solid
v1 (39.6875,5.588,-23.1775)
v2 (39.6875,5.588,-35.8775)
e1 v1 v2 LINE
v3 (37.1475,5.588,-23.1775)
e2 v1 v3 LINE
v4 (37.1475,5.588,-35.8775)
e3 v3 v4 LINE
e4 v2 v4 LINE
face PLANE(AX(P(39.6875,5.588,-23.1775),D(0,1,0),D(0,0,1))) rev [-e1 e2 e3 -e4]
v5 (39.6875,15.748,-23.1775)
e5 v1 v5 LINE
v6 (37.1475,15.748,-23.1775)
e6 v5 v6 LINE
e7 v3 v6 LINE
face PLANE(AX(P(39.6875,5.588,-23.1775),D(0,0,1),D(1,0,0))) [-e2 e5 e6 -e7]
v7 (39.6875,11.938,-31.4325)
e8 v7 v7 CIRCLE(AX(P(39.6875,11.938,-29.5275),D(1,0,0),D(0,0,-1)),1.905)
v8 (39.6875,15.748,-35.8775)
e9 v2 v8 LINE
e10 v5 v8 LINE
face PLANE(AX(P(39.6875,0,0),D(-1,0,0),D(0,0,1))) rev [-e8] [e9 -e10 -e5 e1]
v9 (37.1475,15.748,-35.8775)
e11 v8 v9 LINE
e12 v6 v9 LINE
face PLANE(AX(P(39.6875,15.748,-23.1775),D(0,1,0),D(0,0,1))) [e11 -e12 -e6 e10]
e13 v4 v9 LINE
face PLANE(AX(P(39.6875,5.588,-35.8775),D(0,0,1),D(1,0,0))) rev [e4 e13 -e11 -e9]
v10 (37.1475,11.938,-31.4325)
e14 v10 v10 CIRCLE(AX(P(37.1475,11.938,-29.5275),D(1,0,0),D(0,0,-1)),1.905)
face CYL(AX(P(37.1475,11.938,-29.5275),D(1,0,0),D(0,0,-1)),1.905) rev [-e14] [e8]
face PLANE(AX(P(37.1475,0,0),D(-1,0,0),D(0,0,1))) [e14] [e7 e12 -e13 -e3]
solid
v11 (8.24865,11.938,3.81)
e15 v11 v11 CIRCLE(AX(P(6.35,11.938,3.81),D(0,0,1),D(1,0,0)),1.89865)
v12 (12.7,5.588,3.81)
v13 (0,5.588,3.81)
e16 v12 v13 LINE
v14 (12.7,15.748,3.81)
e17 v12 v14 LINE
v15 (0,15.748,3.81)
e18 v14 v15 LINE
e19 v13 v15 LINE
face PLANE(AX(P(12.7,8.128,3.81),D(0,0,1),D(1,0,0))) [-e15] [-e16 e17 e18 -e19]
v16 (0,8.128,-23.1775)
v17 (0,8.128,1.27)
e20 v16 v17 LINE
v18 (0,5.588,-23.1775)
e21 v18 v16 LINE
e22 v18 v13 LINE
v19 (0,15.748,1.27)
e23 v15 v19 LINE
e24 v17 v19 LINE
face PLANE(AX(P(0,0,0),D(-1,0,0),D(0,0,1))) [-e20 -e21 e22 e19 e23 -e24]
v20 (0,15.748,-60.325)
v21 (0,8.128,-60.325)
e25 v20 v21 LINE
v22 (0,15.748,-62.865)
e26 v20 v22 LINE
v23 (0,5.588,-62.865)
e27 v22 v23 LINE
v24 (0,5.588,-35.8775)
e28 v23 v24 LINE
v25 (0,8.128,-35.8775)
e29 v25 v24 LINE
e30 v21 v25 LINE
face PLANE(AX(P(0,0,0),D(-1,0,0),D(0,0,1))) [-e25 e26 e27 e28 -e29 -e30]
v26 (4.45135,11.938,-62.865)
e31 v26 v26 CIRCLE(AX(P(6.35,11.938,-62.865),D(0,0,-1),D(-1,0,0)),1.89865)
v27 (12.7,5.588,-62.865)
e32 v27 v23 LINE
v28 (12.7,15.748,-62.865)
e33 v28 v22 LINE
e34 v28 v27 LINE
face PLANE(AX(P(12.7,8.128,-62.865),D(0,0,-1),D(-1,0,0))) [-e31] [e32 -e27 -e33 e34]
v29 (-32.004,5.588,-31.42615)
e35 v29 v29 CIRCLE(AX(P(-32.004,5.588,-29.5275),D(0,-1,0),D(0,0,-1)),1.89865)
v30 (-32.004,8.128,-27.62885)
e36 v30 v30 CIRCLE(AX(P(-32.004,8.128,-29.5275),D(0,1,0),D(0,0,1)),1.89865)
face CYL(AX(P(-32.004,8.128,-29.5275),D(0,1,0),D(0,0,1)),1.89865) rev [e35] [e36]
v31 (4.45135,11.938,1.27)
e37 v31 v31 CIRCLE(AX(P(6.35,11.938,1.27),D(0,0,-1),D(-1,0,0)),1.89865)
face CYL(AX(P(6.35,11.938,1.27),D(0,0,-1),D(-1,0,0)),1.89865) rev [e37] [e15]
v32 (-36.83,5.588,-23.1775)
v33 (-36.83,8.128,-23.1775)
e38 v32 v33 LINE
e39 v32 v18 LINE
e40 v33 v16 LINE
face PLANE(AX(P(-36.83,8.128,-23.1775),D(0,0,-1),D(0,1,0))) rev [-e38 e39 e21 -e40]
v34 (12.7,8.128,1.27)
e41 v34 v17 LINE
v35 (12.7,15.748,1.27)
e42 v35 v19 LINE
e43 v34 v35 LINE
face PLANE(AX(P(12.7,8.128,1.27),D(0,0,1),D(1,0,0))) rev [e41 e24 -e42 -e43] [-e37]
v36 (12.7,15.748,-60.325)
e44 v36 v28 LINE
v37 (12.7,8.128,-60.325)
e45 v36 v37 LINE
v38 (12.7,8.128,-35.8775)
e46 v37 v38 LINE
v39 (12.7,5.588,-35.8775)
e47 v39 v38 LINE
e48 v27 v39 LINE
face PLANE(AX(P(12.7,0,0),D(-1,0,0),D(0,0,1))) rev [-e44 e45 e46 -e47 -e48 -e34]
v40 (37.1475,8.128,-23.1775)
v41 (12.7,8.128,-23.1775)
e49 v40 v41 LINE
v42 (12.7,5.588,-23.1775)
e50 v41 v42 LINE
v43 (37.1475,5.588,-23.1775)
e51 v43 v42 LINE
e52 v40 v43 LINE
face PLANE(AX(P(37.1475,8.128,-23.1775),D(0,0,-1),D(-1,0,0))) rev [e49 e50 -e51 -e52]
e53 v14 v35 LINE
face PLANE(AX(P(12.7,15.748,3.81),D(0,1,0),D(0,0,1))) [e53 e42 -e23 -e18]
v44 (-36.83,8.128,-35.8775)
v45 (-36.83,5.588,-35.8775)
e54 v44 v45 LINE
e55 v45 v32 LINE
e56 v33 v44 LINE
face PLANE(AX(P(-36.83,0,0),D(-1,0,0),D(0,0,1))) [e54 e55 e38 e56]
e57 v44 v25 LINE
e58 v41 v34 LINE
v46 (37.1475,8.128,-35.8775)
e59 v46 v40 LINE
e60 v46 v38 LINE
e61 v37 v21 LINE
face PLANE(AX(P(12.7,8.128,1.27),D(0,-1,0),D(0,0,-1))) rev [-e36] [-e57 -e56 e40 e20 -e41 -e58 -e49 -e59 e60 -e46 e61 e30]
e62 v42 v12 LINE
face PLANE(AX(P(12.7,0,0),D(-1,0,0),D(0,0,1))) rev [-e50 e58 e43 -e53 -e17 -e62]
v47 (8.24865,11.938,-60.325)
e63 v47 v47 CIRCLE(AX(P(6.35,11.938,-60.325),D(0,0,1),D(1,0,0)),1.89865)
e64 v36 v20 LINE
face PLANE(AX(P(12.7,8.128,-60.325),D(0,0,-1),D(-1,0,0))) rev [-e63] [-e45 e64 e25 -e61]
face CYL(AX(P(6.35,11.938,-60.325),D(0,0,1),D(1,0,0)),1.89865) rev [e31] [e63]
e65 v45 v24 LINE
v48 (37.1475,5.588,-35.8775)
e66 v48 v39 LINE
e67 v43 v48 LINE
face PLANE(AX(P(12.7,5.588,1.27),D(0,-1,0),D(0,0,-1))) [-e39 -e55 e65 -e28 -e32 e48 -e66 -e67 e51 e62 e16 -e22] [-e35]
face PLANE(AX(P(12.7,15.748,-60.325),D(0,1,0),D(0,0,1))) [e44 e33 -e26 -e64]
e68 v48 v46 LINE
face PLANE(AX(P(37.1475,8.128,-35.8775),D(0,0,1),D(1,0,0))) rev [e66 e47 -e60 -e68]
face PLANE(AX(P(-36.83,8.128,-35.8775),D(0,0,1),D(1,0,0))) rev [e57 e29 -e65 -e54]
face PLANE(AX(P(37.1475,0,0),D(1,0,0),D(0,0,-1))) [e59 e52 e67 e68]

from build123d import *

# Parameters (mm, degrees)
EXTRUDE_THIN1_DEPTH       = 12.7
F_6_CLEARANCE_HOLE1_D     = 3.7973
F_6_CLEARANCE_HOLE1_DEPTH = 7.62
F_6_CLEARANCE_HOLE1_TIP   = 1.140824014
F_6_CLEARANCE_HOLE2_D     = 3.7973
F_6_CLEARANCE_HOLE2_DEPTH = 7.62
F_6_CLEARANCE_HOLE2_TIP   = 1.140824014
SKETCH6_W                 = 12.7
SKETCH6_H                 = 2.54
BOSS_EXTRUDE1_DEPTH       = 24.4475
SKETCH7_W                 = 12.7
SKETCH7_H                 = 10.16
BOSS_EXTRUDE2_DEPTH       = 2.54
SKETCH9_R                 = 1.905
CUT_EXTRUDE1_DEPTH        = 2.54
SKETCH10_W                = 12.7
SKETCH10_H                = 2.54
BOSS_EXTRUDE3_DEPTH       = 36.83
SKETCH12_W                = 1.89865
SKETCH12_H                = 2.54105


with BuildPart() as part:
    # Sketch1 → Extrude-Thin1 (new body)
    with BuildSketch(Plane(origin=(0, 0, 0), x_dir=(0, 0, -1), z_dir=(1, 0, 0))):
        Polygon((-1.27, 15.748), (-1.27, 8.128), (60.325, 8.128), (60.325, 15.748), (62.865, 15.748), (62.865, 5.588), (-3.81, 5.588), (-3.81, 15.748), align=None)
    extrude(amount=EXTRUDE_THIN1_DEPTH)

    # #6 Clearance Hole1
    with Locations(Plane(origin=(0, 0, 1.27), x_dir=(-1, 0, 0), z_dir=(0, 0, -1))):
        with Locations((-6.35, 11.938)):
            Hole(F_6_CLEARANCE_HOLE1_D / 2, depth=F_6_CLEARANCE_HOLE1_DEPTH)
            with Locations((0, 0, -(F_6_CLEARANCE_HOLE1_DEPTH + F_6_CLEARANCE_HOLE1_TIP / 2))):  # 118° drill point
                Cone(0, F_6_CLEARANCE_HOLE1_D / 2, F_6_CLEARANCE_HOLE1_TIP, mode=Mode.SUBTRACT)

    # #6 Clearance Hole2
    with Locations(Plane.XY.offset(-60.325)):
        with Locations((6.35, 11.938)):
            Hole(F_6_CLEARANCE_HOLE2_D / 2, depth=F_6_CLEARANCE_HOLE2_DEPTH)
            with Locations((0, 0, -(F_6_CLEARANCE_HOLE2_DEPTH + F_6_CLEARANCE_HOLE2_TIP / 2))):  # 118° drill point
                Cone(0, F_6_CLEARANCE_HOLE2_D / 2, F_6_CLEARANCE_HOLE2_TIP, mode=Mode.SUBTRACT)

    # Sketch6 → Boss-Extrude1 (add)
    with BuildSketch(Plane(origin=(12.7, 0, 0), x_dir=(0, 0, -1), z_dir=(1, 0, 0))):
        with Locations((29.5275, 6.858)):
            Rectangle(SKETCH6_W, SKETCH6_H)
    extrude(amount=BOSS_EXTRUDE1_DEPTH)

    # Sketch10 → Boss-Extrude3 (add)
    with BuildSketch(Plane.ZY):
        with Locations((-29.5275, 6.858)):
            Rectangle(SKETCH10_W, SKETCH10_H)
    extrude(amount=BOSS_EXTRUDE3_DEPTH)

    # Sketch12 → #6 Clearance Hole3 (revolve, cut)
    with BuildSketch(Plane(origin=(-32.004, 8.128, -29.5275), x_dir=(0, 0, 1), z_dir=(1, 0, 0))):
        with Locations((0.949325, 1.270525)):
            Rectangle(SKETCH12_W, SKETCH12_H)
    revolve(axis=Axis((-32.004, 14.478, -29.5275), (0, -1, 0)), mode=Mode.SUBTRACT)


with BuildPart() as body_2:
    # Sketch7 → Boss-Extrude2 (new body)
    with BuildSketch(Plane(origin=(37.1475, 0, 0), x_dir=(0, 0, -1), z_dir=(1, 0, 0))):
        with Locations((29.5275, 10.668)):
            Rectangle(SKETCH7_W, SKETCH7_H)
    extrude(amount=BOSS_EXTRUDE2_DEPTH)

    # Sketch9 → Cut-Extrude1 (cut)
    with BuildSketch(Plane(origin=(39.6875, 0, 0), x_dir=(0, 0, -1), z_dir=(1, 0, 0))):
        with Locations((29.5275, 11.938)):
            Circle(SKETCH9_R)
    extrude(amount=-CUT_EXTRUDE1_DEPTH, mode=Mode.SUBTRACT)


solid = Compound([part.part, body_2.part])
